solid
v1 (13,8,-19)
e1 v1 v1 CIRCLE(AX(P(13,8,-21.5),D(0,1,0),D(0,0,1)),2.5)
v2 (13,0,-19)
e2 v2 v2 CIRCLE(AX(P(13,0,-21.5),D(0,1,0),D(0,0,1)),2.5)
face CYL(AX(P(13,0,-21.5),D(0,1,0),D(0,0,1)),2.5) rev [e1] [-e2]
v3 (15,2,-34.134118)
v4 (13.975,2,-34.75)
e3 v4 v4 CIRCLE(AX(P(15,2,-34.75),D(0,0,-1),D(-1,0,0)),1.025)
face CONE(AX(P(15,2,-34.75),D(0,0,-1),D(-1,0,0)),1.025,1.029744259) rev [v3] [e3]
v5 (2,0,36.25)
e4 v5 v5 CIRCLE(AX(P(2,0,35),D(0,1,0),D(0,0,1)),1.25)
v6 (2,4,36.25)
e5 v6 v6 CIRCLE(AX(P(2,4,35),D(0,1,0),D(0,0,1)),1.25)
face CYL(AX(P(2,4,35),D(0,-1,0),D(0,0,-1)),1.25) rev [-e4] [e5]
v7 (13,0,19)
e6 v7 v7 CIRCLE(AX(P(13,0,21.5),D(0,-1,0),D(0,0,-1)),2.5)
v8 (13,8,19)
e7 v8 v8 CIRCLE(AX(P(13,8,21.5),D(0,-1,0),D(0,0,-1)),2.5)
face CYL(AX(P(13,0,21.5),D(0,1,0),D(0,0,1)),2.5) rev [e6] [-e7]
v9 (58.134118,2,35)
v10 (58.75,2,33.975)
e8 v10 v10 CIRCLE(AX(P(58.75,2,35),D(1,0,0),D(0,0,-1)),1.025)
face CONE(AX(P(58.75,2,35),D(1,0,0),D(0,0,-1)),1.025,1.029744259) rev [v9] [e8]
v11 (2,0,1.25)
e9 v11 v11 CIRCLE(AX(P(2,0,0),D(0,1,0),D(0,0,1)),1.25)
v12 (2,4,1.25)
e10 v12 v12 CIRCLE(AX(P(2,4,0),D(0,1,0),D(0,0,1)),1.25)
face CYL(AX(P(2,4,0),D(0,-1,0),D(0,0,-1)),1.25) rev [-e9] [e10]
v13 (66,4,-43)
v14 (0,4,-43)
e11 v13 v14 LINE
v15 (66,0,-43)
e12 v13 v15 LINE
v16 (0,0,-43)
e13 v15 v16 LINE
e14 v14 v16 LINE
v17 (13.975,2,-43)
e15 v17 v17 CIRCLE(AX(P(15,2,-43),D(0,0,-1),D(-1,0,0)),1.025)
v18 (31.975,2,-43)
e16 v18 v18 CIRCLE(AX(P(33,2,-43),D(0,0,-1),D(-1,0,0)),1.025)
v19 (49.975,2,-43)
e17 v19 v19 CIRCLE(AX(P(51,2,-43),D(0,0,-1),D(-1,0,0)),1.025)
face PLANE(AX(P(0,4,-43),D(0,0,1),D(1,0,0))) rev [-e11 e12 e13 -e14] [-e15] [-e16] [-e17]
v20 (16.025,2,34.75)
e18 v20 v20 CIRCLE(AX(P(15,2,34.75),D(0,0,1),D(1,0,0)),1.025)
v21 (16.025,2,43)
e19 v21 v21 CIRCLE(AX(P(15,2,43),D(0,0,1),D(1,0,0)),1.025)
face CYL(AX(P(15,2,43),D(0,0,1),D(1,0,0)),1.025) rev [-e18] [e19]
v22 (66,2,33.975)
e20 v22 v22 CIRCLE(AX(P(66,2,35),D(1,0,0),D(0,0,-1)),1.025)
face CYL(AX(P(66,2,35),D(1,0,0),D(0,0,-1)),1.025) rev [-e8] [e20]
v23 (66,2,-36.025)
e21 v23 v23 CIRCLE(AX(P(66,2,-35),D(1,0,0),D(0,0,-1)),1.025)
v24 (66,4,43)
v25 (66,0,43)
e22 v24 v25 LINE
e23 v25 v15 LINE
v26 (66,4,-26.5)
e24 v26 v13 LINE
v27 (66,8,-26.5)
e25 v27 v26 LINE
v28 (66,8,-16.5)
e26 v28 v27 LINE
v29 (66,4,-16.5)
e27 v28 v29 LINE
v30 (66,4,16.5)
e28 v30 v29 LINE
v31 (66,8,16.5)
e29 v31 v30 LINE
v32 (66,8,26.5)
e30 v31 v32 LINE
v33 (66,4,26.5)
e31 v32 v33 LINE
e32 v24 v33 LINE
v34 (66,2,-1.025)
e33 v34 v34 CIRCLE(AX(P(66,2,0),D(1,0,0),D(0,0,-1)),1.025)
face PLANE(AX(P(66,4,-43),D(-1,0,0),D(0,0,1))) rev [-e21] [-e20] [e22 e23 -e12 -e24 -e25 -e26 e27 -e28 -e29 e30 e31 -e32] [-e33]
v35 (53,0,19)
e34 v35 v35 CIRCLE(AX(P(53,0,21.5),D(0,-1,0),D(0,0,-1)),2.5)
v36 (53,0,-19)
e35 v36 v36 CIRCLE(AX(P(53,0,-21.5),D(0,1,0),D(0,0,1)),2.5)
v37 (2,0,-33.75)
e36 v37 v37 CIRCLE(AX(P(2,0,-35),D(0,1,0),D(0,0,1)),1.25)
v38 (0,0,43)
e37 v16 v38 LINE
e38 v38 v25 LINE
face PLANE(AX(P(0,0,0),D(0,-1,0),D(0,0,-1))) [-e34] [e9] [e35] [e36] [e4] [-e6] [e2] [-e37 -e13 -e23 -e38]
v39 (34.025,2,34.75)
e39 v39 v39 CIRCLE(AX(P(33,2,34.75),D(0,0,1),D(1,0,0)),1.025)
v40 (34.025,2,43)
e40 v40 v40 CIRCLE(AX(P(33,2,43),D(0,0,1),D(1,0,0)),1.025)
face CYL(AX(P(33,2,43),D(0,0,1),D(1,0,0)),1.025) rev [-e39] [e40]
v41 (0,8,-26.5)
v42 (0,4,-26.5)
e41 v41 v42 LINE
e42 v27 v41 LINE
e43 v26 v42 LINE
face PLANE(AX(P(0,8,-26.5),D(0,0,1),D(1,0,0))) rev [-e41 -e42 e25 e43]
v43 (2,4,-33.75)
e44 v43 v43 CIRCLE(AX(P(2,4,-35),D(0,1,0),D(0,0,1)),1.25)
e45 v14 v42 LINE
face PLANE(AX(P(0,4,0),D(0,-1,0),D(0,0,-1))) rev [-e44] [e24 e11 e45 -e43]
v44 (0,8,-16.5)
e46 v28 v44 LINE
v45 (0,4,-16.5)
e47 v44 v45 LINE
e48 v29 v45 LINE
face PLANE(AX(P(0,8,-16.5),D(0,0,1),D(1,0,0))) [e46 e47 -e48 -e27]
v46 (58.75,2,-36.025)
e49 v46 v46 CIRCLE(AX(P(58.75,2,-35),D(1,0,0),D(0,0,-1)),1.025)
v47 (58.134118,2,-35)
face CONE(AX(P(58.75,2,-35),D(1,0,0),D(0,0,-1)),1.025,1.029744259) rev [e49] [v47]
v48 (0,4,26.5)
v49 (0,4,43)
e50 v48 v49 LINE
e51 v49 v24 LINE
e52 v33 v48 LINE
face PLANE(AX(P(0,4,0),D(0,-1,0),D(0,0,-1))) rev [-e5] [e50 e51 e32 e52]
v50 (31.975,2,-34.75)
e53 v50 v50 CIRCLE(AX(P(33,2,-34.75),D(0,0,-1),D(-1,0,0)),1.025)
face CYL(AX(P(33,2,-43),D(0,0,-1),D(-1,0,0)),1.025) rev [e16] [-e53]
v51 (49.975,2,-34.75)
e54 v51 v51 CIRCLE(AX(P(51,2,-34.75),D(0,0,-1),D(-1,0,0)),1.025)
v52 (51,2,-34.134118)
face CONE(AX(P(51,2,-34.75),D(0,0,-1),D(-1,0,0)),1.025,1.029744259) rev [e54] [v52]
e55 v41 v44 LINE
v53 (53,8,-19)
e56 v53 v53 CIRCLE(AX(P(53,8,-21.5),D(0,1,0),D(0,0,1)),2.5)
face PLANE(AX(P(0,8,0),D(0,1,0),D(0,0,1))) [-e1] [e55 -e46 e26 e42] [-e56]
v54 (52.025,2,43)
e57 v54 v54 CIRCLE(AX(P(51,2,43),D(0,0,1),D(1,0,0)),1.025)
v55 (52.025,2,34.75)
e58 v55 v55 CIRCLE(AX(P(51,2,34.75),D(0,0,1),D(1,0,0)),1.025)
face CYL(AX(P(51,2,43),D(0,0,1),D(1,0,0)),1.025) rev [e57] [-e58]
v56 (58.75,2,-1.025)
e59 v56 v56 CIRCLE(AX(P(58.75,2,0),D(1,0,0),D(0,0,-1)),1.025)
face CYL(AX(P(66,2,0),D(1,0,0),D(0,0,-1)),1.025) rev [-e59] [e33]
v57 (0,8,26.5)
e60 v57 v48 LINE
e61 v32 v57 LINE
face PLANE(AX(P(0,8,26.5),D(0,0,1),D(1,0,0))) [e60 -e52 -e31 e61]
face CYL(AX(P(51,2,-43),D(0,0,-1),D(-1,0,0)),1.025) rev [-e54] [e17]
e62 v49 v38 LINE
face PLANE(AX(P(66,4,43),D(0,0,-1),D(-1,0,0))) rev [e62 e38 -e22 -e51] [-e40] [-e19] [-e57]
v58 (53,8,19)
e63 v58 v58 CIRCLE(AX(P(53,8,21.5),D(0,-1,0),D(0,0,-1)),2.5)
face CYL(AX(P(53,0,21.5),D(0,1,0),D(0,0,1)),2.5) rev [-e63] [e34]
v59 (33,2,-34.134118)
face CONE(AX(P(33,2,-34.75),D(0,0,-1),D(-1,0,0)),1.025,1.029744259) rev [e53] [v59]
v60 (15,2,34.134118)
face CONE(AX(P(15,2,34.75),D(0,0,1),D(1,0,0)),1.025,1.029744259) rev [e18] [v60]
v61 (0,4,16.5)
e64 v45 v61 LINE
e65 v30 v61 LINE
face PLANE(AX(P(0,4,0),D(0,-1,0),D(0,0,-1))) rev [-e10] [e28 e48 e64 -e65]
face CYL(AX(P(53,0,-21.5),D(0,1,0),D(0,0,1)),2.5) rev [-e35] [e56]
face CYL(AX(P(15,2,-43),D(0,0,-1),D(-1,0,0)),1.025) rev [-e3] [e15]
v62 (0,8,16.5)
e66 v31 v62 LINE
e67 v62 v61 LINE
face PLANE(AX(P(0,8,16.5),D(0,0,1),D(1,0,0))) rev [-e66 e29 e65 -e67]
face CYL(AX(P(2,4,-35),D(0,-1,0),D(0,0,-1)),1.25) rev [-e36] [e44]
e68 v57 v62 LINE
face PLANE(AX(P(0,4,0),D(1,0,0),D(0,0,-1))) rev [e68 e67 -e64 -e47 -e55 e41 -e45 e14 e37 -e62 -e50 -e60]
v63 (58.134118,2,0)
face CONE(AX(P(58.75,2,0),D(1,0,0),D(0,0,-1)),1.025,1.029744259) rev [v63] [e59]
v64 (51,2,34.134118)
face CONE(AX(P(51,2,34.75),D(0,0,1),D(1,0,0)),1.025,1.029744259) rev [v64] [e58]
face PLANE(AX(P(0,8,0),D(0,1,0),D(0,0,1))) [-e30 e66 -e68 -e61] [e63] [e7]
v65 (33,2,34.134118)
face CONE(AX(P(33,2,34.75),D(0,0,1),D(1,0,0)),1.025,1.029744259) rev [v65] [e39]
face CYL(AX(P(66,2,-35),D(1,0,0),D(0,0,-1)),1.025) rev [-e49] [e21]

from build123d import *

# Parameters (mm, degrees)
SKETCH_1_R                    = 1.25
EXTRUDE_1_DEPTH               = 4
HOLE_WIZARD_M2_5_1_AT_2_COUNT = 2
HOLE_WIZARD_M2_5_1_AT_2_PITCH = 18
HOLE_WIZARD_M2_5_1_AT_3_COUNT = 2
HOLE_WIZARD_M2_5_1_AT_3_PITCH = 36
SKETCH_7_W                    = 66
SKETCH_7_H                    = 10
EXTRUDE_2_DEPTH               = 4
SKETCH_7_3_R                  = 2.5
CUT_EXTRUDE_1_DEPTH           = 4
HOLE_WIZARD_M2_5_2_D          = 2.05
HOLE_WIZARD_M2_5_2_DEPTH      = 7.25
HOLE_WIZARD_M2_5_2_TIP        = 0.615882135


with BuildPart() as part:
    # 草图1 → 凸台-拉伸1 (new body)
    with BuildSketch(Plane(origin=(0, 0, 0), x_dir=(1, 0, 0), z_dir=(0, 1, 0))):
        Polygon((0, 0), (0, 43), (66, 43), (66, -43), (0, -43), align=None)
        with Locations((2, 0)):
            Circle(SKETCH_1_R, mode=Mode.SUBTRACT)
        with Locations((2, 35)):
            Circle(SKETCH_1_R, mode=Mode.SUBTRACT)
        with Locations((2, -35)):
            Circle(SKETCH_1_R, mode=Mode.SUBTRACT)
    extrude(amount=EXTRUDE_1_DEPTH)

    # 草图6 → M2.5 螺纹孔1 (revolve, cut)
    with BuildSketch(Plane(origin=(15, 2, 43), x_dir=(0, -1, 0), z_dir=(1, 0, 0))):
        Polygon((0, 0), (0, 8.865882135), (1.025, 8.25), (1.025, 0), align=None)
    hole_wizard_m2_5_1 = revolve(axis=Axis((15, 2, 49.35), (0, 0, -1)), mode=Mode.SUBTRACT)

    # M2.5 螺纹孔1 at 2: M2.5 螺纹孔1 ×2
    with Locations(*[(i * HOLE_WIZARD_M2_5_1_AT_2_PITCH, 0, 0) for i in range(1, HOLE_WIZARD_M2_5_1_AT_2_COUNT)]):
        add(hole_wizard_m2_5_1, mode=Mode.SUBTRACT)

    # M2.5 螺纹孔1 at 3: M2.5 螺纹孔1 ×2
    with Locations(*[(i * HOLE_WIZARD_M2_5_1_AT_3_PITCH, 0, 0) for i in range(1, HOLE_WIZARD_M2_5_1_AT_3_COUNT)]):
        add(hole_wizard_m2_5_1, mode=Mode.SUBTRACT)

    # 镜向1: M2.5 螺纹孔1 across plane
    add(hole_wizard_m2_5_1.mirror(Plane.XY), mode=Mode.SUBTRACT)

    # 镜向1 copy 1 sketch → 镜向1 copy 1 (revolve, cut)
    with BuildSketch(Plane(origin=(33, 2, -43), x_dir=(0, -1, 0), z_dir=(1, 0, 0))):
        Polygon((0, 0), (0, -8.865882135), (1.025, -8.25), (1.025, 0), align=None)
    revolve(axis=Axis((33, 2, -49.35), (0, 0, -1)), mode=Mode.SUBTRACT)

    # 镜向1 copy 2 sketch → 镜向1 copy 2 (revolve, cut)
    with BuildSketch(Plane(origin=(51, 2, -43), x_dir=(0, -1, 0), z_dir=(1, 0, 0))):
        Polygon((0, 0), (0, -8.865882135), (1.025, -8.25), (1.025, 0), align=None)
    revolve(axis=Axis((51, 2, -49.35), (0, 0, -1)), mode=Mode.SUBTRACT)

    # 草图7 → 凸台-拉伸2 (add)
    with BuildSketch(Plane(origin=(0, 4, 0), x_dir=(1, 0, 0), z_dir=(0, 1, 0))):
        with Locations((33, 21.5)):
            Rectangle(SKETCH_7_W, SKETCH_7_H)
        with Locations((33, -21.5)):
            Rectangle(SKETCH_7_W, SKETCH_7_H)
    extrude(amount=EXTRUDE_2_DEPTH)

    # 草图7<3> → 切除-拉伸1 (cut, symmetric)
    with BuildSketch(Plane(origin=(0, 4, 0), x_dir=(1, 0, 0), z_dir=(0, 1, 0))):
        with Locations((13, 21.5)):
            Circle(SKETCH_7_3_R)
        with Locations((53, 21.5)):
            Circle(SKETCH_7_3_R)
        with Locations((53, -21.5)):
            Circle(SKETCH_7_3_R)
        with Locations((13, -21.5)):
            Circle(SKETCH_7_3_R)
    extrude(amount=CUT_EXTRUDE_1_DEPTH, both=True, mode=Mode.SUBTRACT)

    # M2.5 螺纹孔2
    with Locations(Plane(origin=(66, 0, 0), x_dir=(0, 0, -1), z_dir=(1, 0, 0))):
        with Locations((-35, 2), (0, 2), (35, 2)):
            Hole(HOLE_WIZARD_M2_5_2_D / 2, depth=HOLE_WIZARD_M2_5_2_DEPTH)
            with Locations((0, 0, -(HOLE_WIZARD_M2_5_2_DEPTH + HOLE_WIZARD_M2_5_2_TIP / 2))):  # 118° drill point
                Cone(0, HOLE_WIZARD_M2_5_2_D / 2, HOLE_WIZARD_M2_5_2_TIP, mode=Mode.SUBTRACT)


solid = part.part
